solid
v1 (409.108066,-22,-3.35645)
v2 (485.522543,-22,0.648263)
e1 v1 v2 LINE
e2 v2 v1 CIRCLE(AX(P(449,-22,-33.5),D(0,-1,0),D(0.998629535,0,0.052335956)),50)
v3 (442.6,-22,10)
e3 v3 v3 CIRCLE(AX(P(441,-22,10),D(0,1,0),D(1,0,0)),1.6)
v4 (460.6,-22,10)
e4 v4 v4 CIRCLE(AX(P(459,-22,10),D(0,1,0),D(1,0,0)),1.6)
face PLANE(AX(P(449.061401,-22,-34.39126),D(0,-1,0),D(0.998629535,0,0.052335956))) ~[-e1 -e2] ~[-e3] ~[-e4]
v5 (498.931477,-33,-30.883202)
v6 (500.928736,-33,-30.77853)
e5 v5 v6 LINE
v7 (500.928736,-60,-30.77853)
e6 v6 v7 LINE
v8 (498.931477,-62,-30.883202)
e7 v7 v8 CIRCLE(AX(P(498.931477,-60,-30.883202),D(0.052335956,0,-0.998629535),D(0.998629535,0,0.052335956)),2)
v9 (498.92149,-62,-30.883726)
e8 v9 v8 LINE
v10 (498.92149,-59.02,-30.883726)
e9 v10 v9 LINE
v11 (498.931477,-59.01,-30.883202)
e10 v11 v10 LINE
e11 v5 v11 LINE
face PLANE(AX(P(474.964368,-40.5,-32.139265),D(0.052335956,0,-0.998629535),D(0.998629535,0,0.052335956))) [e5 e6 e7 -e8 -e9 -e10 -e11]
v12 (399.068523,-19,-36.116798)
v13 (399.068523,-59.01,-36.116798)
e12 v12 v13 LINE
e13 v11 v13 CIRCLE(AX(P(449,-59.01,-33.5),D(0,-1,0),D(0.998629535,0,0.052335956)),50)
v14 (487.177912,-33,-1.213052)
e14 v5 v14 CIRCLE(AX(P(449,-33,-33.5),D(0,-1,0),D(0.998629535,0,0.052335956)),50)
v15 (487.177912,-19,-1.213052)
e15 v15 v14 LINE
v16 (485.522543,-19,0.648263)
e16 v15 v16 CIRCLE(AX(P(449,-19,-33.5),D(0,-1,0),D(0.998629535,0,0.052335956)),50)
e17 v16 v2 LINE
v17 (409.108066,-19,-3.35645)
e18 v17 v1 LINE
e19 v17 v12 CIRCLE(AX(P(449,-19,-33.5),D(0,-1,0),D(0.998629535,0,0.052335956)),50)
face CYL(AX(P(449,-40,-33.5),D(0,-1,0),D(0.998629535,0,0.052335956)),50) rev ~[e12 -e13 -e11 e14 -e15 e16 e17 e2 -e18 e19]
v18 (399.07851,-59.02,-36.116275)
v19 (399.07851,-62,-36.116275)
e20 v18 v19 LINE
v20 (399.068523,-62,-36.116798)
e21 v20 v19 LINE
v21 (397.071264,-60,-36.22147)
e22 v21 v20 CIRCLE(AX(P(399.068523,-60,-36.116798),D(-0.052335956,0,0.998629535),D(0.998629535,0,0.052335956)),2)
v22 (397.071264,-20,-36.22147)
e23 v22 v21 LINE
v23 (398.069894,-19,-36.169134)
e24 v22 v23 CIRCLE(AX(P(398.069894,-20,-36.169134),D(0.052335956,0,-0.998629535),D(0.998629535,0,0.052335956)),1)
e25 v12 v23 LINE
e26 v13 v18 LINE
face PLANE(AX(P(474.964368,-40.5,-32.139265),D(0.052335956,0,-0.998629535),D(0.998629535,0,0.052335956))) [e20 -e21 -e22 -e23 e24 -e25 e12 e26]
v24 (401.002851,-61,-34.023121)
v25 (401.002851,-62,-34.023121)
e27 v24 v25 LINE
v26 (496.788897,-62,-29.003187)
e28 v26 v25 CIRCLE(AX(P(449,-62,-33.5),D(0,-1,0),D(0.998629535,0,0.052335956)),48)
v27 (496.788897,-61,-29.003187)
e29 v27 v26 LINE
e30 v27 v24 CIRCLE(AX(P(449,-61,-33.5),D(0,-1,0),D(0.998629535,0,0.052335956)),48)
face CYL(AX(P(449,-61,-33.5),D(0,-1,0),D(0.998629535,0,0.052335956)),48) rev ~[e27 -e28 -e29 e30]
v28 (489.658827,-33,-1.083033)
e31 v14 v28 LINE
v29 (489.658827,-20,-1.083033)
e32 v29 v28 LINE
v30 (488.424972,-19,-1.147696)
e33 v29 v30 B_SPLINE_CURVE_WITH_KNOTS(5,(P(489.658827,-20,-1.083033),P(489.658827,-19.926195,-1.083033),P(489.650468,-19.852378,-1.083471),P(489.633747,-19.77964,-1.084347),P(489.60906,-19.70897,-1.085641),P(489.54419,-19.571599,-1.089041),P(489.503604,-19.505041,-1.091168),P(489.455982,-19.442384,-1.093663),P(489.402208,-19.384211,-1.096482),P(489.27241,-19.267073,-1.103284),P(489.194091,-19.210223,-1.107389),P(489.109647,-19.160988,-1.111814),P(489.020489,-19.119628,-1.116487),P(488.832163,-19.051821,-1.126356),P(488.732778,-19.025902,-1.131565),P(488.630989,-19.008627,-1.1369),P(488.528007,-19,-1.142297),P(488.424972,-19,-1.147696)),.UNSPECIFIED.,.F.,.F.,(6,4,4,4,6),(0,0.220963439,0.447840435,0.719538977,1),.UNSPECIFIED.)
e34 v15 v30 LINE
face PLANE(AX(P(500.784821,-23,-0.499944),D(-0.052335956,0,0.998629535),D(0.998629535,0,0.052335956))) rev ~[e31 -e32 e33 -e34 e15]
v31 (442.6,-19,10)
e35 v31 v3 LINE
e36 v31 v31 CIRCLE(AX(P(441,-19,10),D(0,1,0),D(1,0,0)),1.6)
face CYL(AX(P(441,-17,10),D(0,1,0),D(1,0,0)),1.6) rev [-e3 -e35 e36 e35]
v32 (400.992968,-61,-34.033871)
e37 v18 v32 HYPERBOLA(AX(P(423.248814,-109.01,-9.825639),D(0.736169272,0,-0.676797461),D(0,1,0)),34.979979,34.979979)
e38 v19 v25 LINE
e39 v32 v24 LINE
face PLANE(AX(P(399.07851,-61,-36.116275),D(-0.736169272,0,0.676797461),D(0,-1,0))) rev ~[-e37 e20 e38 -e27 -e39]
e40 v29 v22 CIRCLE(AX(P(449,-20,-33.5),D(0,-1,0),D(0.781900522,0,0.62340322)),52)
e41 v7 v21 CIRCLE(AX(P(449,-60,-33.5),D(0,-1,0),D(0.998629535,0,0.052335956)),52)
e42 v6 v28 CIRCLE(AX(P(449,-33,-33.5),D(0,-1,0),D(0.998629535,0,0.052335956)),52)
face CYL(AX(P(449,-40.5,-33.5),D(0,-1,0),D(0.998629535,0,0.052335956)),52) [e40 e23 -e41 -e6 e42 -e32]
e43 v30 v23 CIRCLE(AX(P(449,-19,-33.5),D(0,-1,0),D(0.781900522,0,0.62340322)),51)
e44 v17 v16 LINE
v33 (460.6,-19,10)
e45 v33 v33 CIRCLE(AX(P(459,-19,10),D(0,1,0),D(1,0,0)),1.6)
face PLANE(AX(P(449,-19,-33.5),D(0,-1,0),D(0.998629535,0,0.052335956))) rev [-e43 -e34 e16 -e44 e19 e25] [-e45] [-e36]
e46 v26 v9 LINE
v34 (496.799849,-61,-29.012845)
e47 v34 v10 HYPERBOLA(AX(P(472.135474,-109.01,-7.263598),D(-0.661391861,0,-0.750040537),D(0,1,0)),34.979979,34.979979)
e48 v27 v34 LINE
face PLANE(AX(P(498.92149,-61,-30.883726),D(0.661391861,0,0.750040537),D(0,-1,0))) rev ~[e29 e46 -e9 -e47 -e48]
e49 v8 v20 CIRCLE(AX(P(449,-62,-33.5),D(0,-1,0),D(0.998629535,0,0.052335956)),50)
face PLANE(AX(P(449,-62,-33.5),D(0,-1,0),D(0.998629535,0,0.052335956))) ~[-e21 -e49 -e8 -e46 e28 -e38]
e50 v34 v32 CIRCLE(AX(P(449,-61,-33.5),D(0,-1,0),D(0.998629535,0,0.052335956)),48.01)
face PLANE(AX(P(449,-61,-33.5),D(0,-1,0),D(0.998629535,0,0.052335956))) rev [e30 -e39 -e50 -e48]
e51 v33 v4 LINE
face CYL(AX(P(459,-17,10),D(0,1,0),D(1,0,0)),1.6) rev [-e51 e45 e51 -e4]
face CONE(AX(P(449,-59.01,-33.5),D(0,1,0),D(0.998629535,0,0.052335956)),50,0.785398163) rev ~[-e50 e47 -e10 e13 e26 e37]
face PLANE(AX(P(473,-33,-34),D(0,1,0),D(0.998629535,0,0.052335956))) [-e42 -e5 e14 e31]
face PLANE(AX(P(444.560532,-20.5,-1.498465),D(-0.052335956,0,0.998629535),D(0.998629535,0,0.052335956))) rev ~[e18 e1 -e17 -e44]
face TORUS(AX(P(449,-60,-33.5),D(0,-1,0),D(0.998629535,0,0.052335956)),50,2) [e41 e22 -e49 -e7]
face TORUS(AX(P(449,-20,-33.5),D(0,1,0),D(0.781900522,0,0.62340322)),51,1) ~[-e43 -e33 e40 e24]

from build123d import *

# Parameters (mm, degrees)
BOX334_W                = 59
BOX334_H                = 20
BOX334_DEPTH            = 32
BOX334_PLACEMENT_ANGLE  = 3
CYLINDER470_R           = 1.6
CYLINDER470_DEPTH       = 9
CYLINDER468_R           = 1.6
CYLINDER468_DEPTH       = 9
BOX333_W                = 128
BOX333_H                = 3
BOX333_DEPTH            = 35
BOX333_PLACEMENT_ANGLE  = 3
CYLINDER477_W           = 52
CYLINDER477_H           = 3
CYLINDER477_ANGLE       = 180
CYLINDER477_ROLL_ANGLE  = 90
CYLINDER477_PITCH_ANGLE = -3
CYLINDER479_W           = 48
CYLINDER479_H           = 2
CYLINDER479_ANGLE       = 180
CYLINDER476_W           = 50
CYLINDER476_H           = 42
CYLINDER476_ANGLE       = 180
CYLINDER478_W           = 52
CYLINDER478_H           = 43
CYLINDER478_ANGLE       = 180
CUT334_PLACEMENT_ANGLE  = 3
FILLET120_R             = 2
FILLET121_R             = 1
CHAMFER045_SIZE         = 1.99
CHAMFER048_SIZE         = 1.99


with BuildPart() as cube405:
    # Box334 → Box334 (new body)
    with BuildSketch(Plane.XY):
        with Locations((29.5, 10)):
            Rectangle(BOX334_W, BOX334_H)
    extrude(amount=BOX334_DEPTH)


with BuildPart() as cube405_1:
    # Box334 placement: moved
    add(cube405.part.moved(Location((473, -33, -34))).rotate(Axis((473, -33, -34), (0, -1, 0)), BOX334_PLACEMENT_ANGLE))


with BuildPart() as cylinder470:
    # Cylinder470 → Cylinder470 (new body)
    with BuildSketch(Plane(origin=(441, -17, 10), x_dir=(1, 0, 0), z_dir=(0, -1, 0))):
        Circle(CYLINDER470_R)
    extrude(amount=CYLINDER470_DEPTH)


with BuildPart() as fusion427:
    # Cylinder468 → Cylinder468 (new body)
    with BuildSketch(Plane(origin=(459, -17, 10), x_dir=(1, 0, 0), z_dir=(0, -1, 0))):
        Circle(CYLINDER468_R)
    extrude(amount=CYLINDER468_DEPTH)

    # Fusion427: union Cylinder470
    add(cylinder470.part)


with BuildPart() as cube404:
    # Box333 → Box333 (new body)
    with BuildSketch(Plane.XY):
        with Locations((64, 1.5)):
            Rectangle(BOX333_W, BOX333_H)
    extrude(amount=BOX333_DEPTH)


with BuildPart() as cube404_1:
    # Box333 placement: moved
    add(cube404.part.moved(Location((382, -9, -40.8))).rotate(Axis((382, -9, -40.8), (0, -1, 0)), BOX333_PLACEMENT_ANGLE))


with BuildPart() as cut335:
    # Cylinder477 → Cylinder477 (revolve)
    with BuildSketch(Plane.XZ):
        with Locations((26, 1.5)):
            Rectangle(CYLINDER477_W, CYLINDER477_H)
    revolve(axis=Axis((0, 0, 0), (0, 0, 1)), revolution_arc=CYLINDER477_ANGLE)


with BuildPart() as cut335_1:
    # Cylinder477 roll: moved
    add(cut335.part.rotate(Axis((0, 0, 0), (1, 0, 0)), CYLINDER477_ROLL_ANGLE))


with BuildPart() as cut335_2:
    # Cylinder477 pitch: moved
    add(cut335_1.part.rotate(Axis((0, 0, 0), (0, 1, 0)), CYLINDER477_PITCH_ANGLE))


with BuildPart() as cut335_3:
    # Cylinder477 placement: moved
    add(cut335_2.part.moved(Location((448.581401, -6, -35.39126))))

    # Cut335: cut Cube404
    add(cube404_1.part, mode=Mode.SUBTRACT)


with BuildPart() as cut335_4:
    # Cut335 placement: moved
    add(cut335_3.part.moved(Location((105.48, -13, 6.5))))


with BuildPart() as cylinder582:
    # Cylinder479 → Cylinder479 (revolve)
    with BuildSketch(Plane(origin=(554, -60, -28), x_dir=(1, 0, 0), z_dir=(0, 0, -1))):
        with Locations((24, 1)):
            Rectangle(CYLINDER479_W, CYLINDER479_H)
    revolve(axis=Axis((554, -60, -28), (0, -1, 0)), revolution_arc=CYLINDER479_ANGLE)


with BuildPart() as fusion432:
    # Cylinder476 → Cylinder476 (revolve)
    with BuildSketch(Plane(origin=(554, -19, -28), x_dir=(1, 0, 0), z_dir=(0, 0, -1))):
        with Locations((25, 21)):
            Rectangle(CYLINDER476_W, CYLINDER476_H)
    revolve(axis=Axis((554, -19, -28), (0, -1, 0)), revolution_arc=CYLINDER476_ANGLE)

    # Fusion432: union Cylinder582
    add(cylinder582.part)


with BuildPart() as fender_front_left:
    # Cylinder478 → Cylinder478 (revolve)
    with BuildSketch(Plane(origin=(554, -19, -28), x_dir=(1, 0, 0), z_dir=(0, 0, -1))):
        with Locations((26, 21.5)):
            Rectangle(CYLINDER478_W, CYLINDER478_H)
    revolve(axis=Axis((554, -19, -28), (0, -1, 0)), revolution_arc=CYLINDER478_ANGLE)

    # Cut334: cut Fusion432
    add(fusion432.part, mode=Mode.SUBTRACT)


with BuildPart() as fender_front_left_1:
    # Cut334 placement: moved
    add(fender_front_left.part.moved(Location((-0.706169, 0, -29.032493))).rotate(Axis((-0.706169, 0, -29.032493), (0, -1, 0)), CUT334_PLACEMENT_ANGLE))

    # Fusion431: union Cut335
    add(cut335_4.part)


with BuildPart() as fender_front_left_2:
    # Fusion431 placement: moved
    add(fender_front_left_1.part.moved(Location((-105, 0, -5.5))))

    # Cut337: cut Fusion427
    add(fusion427.part, mode=Mode.SUBTRACT)

    # Cut339: cut Cube405
    add(cube405_1.part, mode=Mode.SUBTRACT)

    # Fillet120
    fillet120_edges = [fender_front_left_2.edges().sort_by_distance(p)[0] for p in [
        (446.27853, -62, 18.428736),
    ]]
    fillet(fillet120_edges, radius=FILLET120_R)

    # Fillet121
    fillet121_edges = [fender_front_left_2.edges().sort_by_distance(p)[0] for p in [
        (430.549251, -19, 15.116559),
    ]]
    fillet(fillet121_edges, radius=FILLET121_R)

    # Chamfer045
    chamfer045_edges = [fender_front_left_2.edges().sort_by_distance(p)[0] for p in [
        (446.383202, -61, 16.431477),
    ]]
    chamfer(chamfer045_edges, length=CHAMFER045_SIZE)

    # Chamfer048
    chamfer048_edges = [fender_front_left_2.edges().sort_by_distance(p)[0] for p in [
        (401.065782, -61.5, -36.012126),
        (496.934218, -61.5, -30.987874),
    ]]
    chamfer(chamfer048_edges, length=CHAMFER048_SIZE)


solid = fender_front_left_2.part
